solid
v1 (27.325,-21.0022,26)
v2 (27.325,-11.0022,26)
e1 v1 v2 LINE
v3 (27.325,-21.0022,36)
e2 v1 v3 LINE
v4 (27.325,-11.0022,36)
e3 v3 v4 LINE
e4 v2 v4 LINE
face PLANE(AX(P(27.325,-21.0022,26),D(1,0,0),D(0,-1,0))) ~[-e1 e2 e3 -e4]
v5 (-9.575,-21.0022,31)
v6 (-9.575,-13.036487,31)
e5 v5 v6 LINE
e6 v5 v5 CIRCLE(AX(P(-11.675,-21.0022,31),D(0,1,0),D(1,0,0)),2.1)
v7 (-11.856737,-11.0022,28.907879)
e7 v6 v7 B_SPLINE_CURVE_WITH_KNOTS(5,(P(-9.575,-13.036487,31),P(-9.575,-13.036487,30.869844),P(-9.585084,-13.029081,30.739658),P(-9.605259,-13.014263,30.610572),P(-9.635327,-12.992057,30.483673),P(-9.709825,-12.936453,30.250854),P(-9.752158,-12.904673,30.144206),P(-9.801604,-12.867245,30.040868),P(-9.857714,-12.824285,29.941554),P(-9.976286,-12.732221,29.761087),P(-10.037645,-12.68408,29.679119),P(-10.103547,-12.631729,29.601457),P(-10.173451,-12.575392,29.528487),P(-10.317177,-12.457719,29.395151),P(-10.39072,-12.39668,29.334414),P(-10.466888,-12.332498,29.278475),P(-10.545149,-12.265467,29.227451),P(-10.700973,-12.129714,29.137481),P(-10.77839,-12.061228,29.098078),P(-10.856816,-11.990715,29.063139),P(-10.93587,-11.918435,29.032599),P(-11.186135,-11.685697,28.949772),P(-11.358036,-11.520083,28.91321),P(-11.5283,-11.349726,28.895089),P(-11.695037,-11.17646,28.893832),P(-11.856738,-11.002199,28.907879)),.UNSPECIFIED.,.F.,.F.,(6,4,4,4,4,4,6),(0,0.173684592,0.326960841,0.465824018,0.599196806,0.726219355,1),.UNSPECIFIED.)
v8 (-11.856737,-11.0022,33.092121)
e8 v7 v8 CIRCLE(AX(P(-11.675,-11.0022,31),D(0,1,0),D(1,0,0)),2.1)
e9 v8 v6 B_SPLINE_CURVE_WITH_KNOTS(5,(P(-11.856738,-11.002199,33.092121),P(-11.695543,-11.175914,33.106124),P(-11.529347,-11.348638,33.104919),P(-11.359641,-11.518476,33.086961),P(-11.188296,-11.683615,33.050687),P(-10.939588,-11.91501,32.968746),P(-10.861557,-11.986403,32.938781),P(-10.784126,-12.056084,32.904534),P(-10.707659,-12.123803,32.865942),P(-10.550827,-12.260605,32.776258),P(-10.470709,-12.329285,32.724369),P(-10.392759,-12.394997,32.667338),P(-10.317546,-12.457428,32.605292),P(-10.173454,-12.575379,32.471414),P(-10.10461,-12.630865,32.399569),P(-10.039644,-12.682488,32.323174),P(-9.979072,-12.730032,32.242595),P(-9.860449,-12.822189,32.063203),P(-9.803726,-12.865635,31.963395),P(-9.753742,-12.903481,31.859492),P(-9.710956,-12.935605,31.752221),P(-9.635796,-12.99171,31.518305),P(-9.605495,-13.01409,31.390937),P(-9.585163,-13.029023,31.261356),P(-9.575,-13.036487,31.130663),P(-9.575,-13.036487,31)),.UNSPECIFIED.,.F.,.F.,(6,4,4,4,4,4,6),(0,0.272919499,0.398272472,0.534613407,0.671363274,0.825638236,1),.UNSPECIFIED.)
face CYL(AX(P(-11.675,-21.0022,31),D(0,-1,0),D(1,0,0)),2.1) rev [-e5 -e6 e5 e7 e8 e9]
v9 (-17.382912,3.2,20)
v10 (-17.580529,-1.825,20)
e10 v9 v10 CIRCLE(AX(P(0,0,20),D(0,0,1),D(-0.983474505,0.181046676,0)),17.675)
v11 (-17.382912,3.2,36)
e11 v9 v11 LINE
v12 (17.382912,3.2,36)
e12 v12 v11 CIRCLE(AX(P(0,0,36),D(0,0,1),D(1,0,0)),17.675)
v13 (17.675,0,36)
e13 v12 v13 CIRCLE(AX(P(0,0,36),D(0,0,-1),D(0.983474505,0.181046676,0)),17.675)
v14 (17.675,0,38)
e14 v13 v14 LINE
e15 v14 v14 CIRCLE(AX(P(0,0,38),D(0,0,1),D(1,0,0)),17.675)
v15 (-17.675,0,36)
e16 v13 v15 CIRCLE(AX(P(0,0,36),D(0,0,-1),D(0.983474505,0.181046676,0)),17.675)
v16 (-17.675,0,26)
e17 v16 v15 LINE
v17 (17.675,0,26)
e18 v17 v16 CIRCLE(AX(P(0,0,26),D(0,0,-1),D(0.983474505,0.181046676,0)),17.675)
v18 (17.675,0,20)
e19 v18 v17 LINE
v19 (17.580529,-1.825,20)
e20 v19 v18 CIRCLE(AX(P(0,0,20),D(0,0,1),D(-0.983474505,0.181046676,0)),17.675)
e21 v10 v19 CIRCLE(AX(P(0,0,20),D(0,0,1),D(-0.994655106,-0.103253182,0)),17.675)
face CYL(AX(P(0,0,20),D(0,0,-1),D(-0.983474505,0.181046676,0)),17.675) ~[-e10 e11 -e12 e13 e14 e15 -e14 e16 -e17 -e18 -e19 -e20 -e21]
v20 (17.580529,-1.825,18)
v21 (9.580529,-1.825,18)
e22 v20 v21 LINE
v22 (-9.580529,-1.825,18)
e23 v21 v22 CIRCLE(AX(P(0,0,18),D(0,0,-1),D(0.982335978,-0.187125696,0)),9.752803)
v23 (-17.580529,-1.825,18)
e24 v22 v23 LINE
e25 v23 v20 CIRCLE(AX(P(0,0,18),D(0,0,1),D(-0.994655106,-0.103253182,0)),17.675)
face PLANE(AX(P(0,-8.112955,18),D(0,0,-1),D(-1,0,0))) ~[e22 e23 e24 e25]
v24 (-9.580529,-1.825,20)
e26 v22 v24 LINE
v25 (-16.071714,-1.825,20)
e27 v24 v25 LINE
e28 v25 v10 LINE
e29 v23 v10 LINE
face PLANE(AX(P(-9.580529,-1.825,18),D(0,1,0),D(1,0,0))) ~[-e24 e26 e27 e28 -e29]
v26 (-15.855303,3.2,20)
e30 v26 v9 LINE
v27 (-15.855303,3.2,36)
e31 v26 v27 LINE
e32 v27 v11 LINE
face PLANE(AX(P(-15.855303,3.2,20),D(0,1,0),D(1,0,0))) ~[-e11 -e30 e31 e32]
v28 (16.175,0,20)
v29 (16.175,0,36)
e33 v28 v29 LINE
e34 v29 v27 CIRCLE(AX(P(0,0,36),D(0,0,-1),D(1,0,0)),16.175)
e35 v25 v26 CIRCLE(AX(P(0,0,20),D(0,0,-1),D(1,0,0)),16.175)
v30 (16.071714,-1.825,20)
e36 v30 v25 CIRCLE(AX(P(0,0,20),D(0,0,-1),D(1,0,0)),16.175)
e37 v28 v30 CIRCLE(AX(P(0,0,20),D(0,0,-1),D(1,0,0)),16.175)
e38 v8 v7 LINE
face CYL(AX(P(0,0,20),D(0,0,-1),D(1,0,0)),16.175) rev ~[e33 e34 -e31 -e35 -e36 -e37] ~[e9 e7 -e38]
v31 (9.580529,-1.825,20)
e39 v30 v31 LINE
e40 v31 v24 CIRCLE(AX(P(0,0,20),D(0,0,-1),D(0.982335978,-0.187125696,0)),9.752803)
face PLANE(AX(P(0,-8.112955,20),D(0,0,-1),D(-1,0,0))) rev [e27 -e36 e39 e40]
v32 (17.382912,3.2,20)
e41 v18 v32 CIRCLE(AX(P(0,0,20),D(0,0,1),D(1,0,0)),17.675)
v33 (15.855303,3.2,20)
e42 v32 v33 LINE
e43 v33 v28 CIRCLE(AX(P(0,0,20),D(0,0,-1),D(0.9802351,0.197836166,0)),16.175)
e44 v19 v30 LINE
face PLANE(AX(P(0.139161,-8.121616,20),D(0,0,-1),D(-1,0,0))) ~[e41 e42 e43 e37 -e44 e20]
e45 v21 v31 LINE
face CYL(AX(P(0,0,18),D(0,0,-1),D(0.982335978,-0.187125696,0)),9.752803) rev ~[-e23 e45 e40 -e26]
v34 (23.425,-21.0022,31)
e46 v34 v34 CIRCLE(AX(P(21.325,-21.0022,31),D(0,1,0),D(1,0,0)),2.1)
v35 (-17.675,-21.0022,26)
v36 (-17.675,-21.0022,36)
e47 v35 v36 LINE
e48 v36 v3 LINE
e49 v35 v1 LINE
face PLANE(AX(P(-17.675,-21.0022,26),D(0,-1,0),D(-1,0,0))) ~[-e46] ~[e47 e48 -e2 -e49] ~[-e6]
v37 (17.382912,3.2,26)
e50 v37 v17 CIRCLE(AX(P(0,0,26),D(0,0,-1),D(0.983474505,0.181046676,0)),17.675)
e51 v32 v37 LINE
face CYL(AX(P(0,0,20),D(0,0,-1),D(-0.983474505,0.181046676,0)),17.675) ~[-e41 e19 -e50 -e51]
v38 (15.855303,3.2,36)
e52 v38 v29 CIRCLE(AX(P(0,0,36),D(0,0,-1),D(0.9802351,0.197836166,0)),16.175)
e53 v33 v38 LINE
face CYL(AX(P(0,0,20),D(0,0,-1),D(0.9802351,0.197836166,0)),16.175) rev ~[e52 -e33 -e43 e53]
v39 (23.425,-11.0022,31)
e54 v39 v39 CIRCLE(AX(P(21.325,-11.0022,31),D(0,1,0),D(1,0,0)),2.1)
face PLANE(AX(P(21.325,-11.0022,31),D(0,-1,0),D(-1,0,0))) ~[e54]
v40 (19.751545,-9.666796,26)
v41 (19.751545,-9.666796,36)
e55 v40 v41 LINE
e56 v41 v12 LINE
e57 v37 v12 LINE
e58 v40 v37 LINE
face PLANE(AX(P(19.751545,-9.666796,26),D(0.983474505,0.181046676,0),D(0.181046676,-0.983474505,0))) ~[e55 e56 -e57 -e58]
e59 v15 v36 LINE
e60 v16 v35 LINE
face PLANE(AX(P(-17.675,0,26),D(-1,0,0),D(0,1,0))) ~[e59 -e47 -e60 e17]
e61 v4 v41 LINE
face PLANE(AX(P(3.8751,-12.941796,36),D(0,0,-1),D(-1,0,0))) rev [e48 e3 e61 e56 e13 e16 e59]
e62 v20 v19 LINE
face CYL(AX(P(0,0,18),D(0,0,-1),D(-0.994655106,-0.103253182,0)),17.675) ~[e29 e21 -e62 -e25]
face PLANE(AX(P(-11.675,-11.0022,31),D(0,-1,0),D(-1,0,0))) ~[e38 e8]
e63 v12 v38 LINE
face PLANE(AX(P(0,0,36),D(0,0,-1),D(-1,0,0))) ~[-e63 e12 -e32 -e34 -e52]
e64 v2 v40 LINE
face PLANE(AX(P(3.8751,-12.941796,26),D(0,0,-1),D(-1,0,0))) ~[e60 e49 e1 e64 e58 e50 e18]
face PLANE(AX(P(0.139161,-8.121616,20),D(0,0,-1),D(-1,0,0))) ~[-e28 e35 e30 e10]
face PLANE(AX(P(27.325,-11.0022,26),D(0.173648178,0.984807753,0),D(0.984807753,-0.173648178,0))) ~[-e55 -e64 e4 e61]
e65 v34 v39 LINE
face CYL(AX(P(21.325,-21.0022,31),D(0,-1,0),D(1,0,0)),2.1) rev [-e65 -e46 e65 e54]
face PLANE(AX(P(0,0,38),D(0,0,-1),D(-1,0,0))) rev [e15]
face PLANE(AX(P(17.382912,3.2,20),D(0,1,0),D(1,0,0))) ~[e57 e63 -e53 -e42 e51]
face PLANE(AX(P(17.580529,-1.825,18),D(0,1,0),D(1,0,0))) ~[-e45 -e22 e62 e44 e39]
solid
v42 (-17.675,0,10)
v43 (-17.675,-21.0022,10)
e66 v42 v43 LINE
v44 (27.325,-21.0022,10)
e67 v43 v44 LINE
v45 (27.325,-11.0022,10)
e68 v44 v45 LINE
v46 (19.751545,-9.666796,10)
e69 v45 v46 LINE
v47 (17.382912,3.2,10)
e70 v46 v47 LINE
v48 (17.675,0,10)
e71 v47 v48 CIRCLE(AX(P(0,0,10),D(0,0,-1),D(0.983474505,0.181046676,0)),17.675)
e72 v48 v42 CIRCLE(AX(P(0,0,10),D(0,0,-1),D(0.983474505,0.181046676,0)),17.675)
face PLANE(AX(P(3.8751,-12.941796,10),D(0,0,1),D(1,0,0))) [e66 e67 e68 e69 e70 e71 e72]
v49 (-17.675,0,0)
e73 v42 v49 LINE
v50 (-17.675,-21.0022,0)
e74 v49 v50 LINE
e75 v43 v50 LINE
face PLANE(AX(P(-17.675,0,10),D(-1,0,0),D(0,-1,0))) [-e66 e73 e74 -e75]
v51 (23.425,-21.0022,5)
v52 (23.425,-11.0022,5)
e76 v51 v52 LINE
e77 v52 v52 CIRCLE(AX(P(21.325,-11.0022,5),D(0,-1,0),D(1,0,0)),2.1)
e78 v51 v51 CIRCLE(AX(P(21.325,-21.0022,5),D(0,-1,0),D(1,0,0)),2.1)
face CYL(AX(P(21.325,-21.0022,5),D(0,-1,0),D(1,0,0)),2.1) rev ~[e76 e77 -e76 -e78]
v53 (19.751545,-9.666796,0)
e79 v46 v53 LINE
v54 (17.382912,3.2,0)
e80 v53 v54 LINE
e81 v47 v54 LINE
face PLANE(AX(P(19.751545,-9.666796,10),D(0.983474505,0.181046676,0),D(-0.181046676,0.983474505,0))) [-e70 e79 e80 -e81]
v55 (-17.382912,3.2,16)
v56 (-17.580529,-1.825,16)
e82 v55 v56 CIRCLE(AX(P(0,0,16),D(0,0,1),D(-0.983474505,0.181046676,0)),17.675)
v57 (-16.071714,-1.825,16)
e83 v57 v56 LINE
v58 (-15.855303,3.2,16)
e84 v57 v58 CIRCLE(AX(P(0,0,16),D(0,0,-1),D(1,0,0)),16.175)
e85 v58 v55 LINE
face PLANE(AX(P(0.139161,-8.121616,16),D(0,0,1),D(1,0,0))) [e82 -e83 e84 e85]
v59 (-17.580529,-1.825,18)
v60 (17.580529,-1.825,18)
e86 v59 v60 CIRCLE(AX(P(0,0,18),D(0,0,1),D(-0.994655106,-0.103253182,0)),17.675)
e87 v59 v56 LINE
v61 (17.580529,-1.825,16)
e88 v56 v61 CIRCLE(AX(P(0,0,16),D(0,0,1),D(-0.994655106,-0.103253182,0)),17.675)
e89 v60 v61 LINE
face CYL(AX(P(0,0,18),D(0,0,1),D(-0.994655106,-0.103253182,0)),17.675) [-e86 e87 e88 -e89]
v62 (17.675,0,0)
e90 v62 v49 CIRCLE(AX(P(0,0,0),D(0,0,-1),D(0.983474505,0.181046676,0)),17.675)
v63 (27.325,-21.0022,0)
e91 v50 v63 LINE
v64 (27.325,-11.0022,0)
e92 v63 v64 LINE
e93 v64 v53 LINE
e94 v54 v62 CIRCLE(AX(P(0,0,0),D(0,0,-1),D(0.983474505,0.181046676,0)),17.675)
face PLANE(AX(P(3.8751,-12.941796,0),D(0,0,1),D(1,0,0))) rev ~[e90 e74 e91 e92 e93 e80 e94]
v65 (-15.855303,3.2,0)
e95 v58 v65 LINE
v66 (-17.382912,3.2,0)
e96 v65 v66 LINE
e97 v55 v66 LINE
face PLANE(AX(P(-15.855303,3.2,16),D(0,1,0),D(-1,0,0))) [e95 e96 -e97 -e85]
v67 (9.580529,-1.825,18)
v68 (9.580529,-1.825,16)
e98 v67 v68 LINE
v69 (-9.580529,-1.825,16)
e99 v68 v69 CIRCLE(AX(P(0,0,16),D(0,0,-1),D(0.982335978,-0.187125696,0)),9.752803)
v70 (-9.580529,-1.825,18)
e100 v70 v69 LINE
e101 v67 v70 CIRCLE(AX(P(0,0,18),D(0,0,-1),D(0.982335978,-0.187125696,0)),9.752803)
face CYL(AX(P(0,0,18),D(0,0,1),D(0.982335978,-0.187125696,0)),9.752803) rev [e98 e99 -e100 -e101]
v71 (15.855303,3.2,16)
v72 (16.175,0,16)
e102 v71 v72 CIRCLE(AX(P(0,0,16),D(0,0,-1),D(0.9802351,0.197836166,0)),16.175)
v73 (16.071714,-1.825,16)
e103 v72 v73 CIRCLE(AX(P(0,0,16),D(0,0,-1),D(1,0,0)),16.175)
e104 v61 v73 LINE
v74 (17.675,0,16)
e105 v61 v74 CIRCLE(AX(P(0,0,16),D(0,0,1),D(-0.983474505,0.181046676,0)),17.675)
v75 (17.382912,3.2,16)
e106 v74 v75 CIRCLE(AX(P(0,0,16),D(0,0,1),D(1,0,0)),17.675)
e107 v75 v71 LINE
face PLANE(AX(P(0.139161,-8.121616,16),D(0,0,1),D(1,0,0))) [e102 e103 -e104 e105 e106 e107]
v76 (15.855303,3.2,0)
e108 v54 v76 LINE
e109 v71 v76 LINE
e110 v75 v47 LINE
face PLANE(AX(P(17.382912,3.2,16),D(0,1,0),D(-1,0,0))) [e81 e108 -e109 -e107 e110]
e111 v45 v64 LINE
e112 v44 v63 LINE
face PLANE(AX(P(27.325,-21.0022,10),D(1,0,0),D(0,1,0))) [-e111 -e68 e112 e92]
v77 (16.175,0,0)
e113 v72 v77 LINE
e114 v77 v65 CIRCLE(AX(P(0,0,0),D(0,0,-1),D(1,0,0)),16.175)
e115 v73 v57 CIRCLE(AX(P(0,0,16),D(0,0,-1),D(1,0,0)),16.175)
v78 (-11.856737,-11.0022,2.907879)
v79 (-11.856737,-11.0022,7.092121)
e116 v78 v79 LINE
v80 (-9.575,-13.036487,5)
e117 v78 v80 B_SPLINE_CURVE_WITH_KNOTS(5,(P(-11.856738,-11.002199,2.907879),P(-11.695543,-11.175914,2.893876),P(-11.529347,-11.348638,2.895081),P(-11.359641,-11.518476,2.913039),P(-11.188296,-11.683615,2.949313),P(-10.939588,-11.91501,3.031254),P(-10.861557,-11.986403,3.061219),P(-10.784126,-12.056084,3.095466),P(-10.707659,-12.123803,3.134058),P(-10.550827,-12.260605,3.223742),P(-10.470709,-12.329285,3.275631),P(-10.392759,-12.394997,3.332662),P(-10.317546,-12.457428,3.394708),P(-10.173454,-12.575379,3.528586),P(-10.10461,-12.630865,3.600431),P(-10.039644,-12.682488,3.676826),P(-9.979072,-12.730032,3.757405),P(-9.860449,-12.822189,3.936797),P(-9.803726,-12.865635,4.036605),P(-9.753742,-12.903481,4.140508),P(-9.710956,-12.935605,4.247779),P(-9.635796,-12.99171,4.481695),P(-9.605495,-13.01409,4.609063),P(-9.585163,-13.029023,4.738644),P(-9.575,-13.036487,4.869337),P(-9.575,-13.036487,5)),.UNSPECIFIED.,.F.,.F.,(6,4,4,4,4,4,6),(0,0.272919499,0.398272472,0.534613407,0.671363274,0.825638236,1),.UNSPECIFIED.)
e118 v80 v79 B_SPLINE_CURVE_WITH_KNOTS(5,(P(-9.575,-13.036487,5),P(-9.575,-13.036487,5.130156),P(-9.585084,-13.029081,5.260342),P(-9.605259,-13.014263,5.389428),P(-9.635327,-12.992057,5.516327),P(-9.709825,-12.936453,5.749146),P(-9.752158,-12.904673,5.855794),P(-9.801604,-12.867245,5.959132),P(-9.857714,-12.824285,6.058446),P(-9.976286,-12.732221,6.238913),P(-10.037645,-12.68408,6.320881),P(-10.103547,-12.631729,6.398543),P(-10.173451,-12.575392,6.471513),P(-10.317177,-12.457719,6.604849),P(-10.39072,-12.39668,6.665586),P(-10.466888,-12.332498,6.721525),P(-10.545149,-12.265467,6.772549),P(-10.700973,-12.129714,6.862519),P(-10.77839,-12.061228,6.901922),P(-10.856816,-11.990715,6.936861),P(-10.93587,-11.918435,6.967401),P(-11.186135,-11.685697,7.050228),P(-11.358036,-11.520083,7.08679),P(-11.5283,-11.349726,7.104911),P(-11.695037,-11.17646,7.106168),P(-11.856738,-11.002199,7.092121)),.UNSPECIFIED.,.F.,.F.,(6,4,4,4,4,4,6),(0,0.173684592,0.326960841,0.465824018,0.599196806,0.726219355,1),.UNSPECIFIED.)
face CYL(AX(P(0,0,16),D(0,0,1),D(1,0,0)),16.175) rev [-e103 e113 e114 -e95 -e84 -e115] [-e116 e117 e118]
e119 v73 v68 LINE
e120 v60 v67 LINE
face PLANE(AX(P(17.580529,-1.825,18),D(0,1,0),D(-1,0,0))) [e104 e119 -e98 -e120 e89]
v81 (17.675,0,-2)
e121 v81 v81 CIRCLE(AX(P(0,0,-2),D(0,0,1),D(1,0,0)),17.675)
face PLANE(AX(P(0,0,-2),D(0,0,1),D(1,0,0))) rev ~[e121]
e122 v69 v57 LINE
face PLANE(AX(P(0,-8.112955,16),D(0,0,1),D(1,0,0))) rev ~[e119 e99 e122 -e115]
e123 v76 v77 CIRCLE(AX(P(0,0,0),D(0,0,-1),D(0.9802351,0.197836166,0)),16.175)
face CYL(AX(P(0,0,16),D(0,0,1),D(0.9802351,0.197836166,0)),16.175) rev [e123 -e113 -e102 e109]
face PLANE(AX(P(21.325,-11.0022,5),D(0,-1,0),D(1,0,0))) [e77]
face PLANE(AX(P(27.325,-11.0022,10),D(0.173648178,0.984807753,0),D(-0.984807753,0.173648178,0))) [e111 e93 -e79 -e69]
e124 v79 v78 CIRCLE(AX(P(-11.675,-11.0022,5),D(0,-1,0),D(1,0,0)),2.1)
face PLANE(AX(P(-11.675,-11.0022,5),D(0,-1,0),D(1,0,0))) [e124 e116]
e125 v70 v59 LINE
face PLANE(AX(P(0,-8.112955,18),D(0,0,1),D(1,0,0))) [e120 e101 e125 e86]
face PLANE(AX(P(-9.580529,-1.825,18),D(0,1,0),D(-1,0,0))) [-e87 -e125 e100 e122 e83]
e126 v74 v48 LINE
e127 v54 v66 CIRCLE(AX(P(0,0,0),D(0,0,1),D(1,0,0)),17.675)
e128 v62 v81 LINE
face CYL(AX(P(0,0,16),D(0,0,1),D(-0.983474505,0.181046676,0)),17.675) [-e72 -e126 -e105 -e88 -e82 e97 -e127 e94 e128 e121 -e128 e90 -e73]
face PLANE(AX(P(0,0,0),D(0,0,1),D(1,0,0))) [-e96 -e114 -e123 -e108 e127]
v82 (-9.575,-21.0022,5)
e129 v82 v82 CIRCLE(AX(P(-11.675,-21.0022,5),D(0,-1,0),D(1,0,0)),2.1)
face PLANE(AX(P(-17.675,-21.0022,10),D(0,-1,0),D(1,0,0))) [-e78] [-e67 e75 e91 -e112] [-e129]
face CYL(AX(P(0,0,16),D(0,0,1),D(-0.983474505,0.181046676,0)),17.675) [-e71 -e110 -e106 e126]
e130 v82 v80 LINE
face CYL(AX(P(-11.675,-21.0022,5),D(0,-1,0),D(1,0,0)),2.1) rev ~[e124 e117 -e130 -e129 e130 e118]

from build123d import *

# Parameters (mm, degrees)
SKETCH1_R           = 17.675
BOSS_EXTRUDE1_DEPTH = 2
BOSS_EXTRUDE2_START = 16
BOSS_EXTRUDE2_DEPTH = 16
BOSS_EXTRUDE3_START = 2
BOSS_EXTRUDE3_DEPTH = 2
BOSS_EXTRUDE4_START = 10
BOSS_EXTRUDE4_DEPTH = 10
SKETCH5_R           = 2.1
CUT_EXTRUDE3_DEPTH  = 10


with BuildPart() as part:
    # Sketch1 → Boss-Extrude1 (new body)
    with BuildSketch(Plane.XY):
        Circle(SKETCH1_R)
    extrude(amount=-BOSS_EXTRUDE1_DEPTH)

    # Sketch1<4> → Boss-Extrude2 (add)
    with BuildSketch(Plane.XY.offset(BOSS_EXTRUDE2_START)):
        with BuildLine():
            Line((-15.855302741, 3.2), (-17.382911868, 3.2))
            ThreePointArc((-17.382911868, 3.2), (-1.606651446, -17.6018265), (17.675, 0))
            ThreePointArc((17.675, 0), (17.6018265, 1.606651446), (17.382911868, 3.2))
            Line((17.382911868, 3.2), (15.855302741, 3.2))
            ThreePointArc((15.855302741, 3.2), (16.094877241, 1.607965045), (16.175, 0))
            ThreePointArc((16.175, 0), (-1.607965045, -16.094877241), (-15.855302741, 3.2))
        make_face()
    extrude(amount=-BOSS_EXTRUDE2_DEPTH)

    # Sketch2 → Boss-Extrude3 (add)
    with BuildSketch(Plane.XY.offset(16).offset(BOSS_EXTRUDE3_START)):
        with BuildLine():
            ThreePointArc((-17.580529002, -1.825), (0, -17.675), (17.580529002, -1.825))
            Line((17.580529002, -1.825), (9.580529002, -1.825))
            ThreePointArc((9.580529002, -1.825), (0, -9.752802724), (-9.580529002, -1.825))
            Line((-9.580529002, -1.825), (-17.580529002, -1.825))
        make_face()
    extrude(amount=-BOSS_EXTRUDE3_DEPTH)

    # Sketch3 → Boss-Extrude4 (add)
    with BuildSketch(Plane.XY.offset(BOSS_EXTRUDE4_START)):
        with BuildLine():
            Line((-17.675, -21.0022), (27.325, -21.0022))
            Line((27.325, -21.0022), (27.325, -11.0022))
            Line((27.325, -11.0022), (19.751545283, -9.666795596))
            Line((19.751545283, -9.666795596), (17.382911868, 3.2))
            ThreePointArc((17.382911868, 3.2), (1.606651446, -17.6018265), (-17.675, 0))
            Line((-17.675, 0), (-17.675, -21.0022))
        make_face()
    extrude(amount=-BOSS_EXTRUDE4_DEPTH)

    # Sketch5 → Cut-Extrude3 (cut)
    with BuildSketch(Plane.XZ.offset(21.0022)):
        with Locations((-11.675, 5)):
            Circle(SKETCH5_R)
        with Locations((21.325, 5)):
            Circle(SKETCH5_R)
    extrude(amount=-CUT_EXTRUDE3_DEPTH, mode=Mode.SUBTRACT)


with BuildPart() as body_2:
    # Mirror1: mirrored copy
    add(part.part.mirror(Plane.XY.offset(18)))


solid = Compound([part.part, body_2.part])
